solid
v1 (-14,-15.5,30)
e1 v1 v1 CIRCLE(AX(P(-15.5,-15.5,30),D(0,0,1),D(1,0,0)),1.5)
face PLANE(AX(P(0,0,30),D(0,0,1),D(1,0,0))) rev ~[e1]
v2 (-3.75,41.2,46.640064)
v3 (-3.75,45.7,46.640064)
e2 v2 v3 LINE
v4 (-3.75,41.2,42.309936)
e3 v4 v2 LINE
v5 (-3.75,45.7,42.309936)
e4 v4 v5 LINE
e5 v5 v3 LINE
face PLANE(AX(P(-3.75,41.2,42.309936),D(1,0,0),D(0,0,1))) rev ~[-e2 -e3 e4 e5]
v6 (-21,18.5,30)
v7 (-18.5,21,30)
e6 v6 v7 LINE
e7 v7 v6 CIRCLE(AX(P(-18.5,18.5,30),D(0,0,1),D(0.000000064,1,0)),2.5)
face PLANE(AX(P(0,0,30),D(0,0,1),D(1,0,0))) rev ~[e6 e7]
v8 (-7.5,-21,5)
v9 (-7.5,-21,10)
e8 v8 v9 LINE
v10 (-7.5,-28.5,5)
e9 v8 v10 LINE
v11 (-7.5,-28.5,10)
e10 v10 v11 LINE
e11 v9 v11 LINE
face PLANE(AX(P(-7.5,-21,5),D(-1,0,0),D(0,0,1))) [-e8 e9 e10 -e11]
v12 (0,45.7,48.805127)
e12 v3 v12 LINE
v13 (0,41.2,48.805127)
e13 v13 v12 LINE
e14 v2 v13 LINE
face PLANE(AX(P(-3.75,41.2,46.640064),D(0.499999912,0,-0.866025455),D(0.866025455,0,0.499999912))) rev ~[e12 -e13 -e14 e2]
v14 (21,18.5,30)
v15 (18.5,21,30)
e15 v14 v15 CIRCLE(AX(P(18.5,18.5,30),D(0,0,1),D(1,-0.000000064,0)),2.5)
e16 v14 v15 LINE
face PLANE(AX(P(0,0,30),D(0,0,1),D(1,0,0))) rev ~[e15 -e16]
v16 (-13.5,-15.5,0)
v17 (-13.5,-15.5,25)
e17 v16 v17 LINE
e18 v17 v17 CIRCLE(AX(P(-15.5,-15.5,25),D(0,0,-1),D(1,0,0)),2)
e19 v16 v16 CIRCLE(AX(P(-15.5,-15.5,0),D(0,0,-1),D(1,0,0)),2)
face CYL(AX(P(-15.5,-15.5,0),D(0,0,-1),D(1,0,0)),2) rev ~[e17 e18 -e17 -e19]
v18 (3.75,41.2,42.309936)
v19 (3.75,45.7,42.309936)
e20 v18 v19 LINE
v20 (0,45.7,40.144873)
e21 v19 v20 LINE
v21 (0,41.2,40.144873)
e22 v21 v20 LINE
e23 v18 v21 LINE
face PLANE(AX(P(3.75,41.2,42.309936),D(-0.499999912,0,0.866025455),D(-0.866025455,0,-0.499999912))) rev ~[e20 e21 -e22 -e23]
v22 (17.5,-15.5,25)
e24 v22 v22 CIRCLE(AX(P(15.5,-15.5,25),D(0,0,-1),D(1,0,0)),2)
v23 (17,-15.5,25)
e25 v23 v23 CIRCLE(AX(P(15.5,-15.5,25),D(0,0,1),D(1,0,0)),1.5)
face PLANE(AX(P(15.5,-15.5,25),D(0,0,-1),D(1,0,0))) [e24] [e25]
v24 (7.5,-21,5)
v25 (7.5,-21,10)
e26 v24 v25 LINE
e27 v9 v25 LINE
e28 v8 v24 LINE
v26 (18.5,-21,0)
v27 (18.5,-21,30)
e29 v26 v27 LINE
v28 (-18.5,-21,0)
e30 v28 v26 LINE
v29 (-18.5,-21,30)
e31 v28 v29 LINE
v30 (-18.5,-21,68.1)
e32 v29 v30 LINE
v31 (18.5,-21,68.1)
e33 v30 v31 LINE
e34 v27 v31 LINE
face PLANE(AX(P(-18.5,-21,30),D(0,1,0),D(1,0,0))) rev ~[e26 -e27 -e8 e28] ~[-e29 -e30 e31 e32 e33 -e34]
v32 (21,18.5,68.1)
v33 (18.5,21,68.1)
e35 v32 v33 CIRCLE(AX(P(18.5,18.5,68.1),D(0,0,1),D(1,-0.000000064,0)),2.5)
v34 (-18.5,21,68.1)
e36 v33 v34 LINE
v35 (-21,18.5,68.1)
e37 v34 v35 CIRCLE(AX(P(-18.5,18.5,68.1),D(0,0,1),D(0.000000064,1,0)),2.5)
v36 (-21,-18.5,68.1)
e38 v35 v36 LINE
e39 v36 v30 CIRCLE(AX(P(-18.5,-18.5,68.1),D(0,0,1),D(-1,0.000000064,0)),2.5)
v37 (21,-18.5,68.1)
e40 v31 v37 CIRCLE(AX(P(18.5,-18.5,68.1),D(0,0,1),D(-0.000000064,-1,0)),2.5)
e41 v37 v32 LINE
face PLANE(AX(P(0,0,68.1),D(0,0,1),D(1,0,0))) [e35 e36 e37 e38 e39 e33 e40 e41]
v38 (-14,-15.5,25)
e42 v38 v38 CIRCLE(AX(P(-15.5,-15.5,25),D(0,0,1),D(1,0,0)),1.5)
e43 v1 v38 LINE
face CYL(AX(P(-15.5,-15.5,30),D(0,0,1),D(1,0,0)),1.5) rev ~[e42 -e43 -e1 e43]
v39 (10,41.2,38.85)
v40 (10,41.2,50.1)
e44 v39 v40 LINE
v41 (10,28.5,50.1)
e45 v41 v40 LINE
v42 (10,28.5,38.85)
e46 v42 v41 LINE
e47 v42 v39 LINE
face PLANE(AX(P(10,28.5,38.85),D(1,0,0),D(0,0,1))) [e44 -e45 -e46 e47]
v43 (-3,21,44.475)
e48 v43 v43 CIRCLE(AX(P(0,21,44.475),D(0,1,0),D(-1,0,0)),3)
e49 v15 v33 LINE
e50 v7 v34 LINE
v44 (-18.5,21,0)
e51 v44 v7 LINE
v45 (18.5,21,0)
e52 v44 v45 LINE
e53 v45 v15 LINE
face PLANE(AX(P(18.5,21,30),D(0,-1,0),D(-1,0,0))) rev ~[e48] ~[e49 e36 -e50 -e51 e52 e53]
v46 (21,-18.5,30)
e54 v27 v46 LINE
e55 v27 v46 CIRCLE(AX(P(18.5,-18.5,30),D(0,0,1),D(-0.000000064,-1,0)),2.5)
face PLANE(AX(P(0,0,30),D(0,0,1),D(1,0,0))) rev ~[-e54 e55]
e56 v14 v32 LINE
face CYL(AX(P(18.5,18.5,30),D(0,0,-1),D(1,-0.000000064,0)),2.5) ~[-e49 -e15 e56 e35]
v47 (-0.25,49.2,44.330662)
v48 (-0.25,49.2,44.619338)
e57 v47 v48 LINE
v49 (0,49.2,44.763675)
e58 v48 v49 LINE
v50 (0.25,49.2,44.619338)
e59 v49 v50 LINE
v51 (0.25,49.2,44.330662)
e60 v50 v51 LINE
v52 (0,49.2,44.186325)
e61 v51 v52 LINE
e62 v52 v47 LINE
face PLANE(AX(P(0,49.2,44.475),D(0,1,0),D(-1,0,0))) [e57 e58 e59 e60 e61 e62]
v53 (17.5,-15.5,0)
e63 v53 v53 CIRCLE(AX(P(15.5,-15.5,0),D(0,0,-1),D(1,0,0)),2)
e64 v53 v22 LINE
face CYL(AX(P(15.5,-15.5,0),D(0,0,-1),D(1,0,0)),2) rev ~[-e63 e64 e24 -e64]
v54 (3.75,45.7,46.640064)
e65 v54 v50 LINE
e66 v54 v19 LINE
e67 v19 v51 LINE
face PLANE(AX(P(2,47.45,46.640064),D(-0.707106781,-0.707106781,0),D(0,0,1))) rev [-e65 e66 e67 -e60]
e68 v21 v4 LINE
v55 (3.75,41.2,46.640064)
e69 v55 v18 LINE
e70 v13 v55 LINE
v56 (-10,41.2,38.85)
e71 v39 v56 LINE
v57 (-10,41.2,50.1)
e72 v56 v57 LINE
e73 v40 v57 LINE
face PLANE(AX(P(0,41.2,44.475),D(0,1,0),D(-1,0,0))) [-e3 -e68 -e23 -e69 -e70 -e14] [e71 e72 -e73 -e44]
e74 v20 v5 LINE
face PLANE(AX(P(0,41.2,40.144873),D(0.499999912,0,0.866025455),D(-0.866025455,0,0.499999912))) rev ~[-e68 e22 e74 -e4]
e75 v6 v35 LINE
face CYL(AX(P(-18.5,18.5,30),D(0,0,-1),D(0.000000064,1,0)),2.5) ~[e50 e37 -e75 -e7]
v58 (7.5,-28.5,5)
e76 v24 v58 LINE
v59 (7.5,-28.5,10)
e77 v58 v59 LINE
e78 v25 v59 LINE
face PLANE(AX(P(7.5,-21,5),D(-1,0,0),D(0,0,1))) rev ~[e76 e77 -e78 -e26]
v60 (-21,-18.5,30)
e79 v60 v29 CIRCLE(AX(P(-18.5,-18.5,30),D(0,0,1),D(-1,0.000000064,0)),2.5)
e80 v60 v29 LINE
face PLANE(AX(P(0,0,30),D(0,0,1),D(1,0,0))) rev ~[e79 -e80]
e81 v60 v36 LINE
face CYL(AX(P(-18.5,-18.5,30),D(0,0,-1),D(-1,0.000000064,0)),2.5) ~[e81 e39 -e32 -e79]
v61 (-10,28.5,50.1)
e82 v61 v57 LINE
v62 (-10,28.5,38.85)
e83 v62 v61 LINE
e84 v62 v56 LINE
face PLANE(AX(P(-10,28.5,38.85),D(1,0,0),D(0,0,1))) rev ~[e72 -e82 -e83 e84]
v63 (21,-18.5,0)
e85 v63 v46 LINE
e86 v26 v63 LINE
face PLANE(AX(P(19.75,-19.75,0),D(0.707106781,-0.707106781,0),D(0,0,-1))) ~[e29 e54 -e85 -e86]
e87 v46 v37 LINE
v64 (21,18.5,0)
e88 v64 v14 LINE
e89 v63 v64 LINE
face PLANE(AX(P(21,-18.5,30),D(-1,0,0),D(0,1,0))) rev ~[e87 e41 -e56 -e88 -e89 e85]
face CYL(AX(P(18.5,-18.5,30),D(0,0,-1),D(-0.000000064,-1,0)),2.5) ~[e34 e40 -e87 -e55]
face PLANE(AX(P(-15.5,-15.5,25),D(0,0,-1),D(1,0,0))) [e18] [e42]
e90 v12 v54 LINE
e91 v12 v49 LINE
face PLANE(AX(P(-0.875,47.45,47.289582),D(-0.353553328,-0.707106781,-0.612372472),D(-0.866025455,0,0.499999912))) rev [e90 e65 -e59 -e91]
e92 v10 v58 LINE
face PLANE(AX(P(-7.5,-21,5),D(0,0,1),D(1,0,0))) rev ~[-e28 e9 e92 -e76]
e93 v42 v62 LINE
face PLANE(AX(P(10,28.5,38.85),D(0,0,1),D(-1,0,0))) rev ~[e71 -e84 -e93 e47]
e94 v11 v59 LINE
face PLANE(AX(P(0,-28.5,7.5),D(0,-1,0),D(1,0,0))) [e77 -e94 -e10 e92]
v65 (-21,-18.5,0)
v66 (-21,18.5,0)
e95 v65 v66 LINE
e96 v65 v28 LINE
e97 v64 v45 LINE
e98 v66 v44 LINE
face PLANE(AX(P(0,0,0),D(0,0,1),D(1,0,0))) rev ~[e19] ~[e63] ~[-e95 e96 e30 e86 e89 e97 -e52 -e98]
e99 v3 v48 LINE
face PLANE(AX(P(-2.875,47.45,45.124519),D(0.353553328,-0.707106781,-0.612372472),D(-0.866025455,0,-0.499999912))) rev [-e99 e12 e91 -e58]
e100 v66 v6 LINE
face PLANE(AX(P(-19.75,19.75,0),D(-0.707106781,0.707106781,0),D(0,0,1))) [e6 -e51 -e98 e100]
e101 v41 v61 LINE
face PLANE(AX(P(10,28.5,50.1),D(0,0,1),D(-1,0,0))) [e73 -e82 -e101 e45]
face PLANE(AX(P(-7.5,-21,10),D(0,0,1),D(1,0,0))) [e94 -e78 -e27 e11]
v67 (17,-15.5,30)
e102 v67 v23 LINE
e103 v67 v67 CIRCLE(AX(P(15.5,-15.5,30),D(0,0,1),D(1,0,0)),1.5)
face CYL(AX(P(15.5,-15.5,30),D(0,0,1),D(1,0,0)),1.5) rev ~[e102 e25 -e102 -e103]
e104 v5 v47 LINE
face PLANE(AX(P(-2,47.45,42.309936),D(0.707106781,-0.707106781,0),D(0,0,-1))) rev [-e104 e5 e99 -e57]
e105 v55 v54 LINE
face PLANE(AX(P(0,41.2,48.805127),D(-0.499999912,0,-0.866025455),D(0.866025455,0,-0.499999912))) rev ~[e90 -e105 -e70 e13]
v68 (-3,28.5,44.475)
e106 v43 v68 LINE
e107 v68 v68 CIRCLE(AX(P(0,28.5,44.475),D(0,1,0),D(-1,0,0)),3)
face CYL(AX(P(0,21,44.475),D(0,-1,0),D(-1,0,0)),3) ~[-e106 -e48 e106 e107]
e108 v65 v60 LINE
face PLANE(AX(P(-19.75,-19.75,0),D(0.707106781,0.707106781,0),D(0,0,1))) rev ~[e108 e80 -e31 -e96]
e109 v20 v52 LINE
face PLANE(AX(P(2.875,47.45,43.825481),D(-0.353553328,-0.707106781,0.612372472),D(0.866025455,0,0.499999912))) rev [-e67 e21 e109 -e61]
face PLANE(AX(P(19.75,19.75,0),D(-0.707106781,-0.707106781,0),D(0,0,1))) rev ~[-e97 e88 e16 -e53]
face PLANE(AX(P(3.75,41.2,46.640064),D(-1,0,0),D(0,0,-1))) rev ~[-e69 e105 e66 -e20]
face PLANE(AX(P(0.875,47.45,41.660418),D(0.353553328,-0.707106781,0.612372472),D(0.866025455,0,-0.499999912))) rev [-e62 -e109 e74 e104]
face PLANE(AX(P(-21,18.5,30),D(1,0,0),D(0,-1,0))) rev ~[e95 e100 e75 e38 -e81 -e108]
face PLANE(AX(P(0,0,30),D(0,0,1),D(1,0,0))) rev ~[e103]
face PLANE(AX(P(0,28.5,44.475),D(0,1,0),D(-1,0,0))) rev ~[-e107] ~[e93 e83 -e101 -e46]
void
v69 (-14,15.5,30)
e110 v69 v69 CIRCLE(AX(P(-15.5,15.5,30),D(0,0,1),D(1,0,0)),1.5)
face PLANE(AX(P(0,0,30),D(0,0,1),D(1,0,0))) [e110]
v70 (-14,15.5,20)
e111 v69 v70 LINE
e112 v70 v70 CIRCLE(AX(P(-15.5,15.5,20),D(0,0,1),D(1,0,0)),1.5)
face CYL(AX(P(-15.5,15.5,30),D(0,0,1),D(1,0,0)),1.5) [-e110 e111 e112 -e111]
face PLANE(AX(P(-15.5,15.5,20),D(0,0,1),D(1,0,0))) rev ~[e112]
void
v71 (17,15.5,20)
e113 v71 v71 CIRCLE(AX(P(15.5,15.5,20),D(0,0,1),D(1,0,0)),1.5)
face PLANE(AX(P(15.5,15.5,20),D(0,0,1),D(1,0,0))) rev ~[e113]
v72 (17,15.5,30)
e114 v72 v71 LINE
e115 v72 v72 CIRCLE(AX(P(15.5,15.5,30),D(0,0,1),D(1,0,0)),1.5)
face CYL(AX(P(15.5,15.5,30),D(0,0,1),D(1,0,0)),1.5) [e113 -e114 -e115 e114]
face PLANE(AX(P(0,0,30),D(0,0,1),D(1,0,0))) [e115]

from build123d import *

# Parameters (mm, degrees)
F0_W      = 42
F0_H      = 42
F1_DEPTH  = 30
F2_SIZE   = 2.5
F3_R      = 1.5
F4_DEPTH  = 10
F5_R      = 11
F6_DEPTH  = 2
F8_DEPTH  = 24
F9_W      = 15
F9_H      = 5
F10_DEPTH = 7.5
F12_DEPTH = 38.1
F13_R     = 3
F14_DEPTH = 7.5
F15_W     = 20
F15_H     = 11.25
F16_DEPTH = 12.7
F18_DEPTH = 8
F19_SIZE  = 3.5
F20_R     = 2
F21_DEPTH = 25


with BuildPart() as f1:
    # F0 (on Top) → F1 (new body)
    with BuildSketch(Plane.XY):
        Rectangle(F0_W, F0_H)
    extrude(amount=F1_DEPTH)

    # F2
    f2_edges = [f1.edges().sort_by_distance(p)[0] for p in [
        (-21, -21, 15),
        (21, -21, 15),
        (21, 21, 15),
        (-21, 21, 15),
    ]]
    chamfer(f2_edges, length=F2_SIZE)

    # F3 (on face) → F4 (cut)
    with BuildSketch(Plane.XY.offset(30)):
        with Locations((-15.5, 15.5)):
            Circle(F3_R)
        with Locations((15.5, 15.5)):
            Circle(F3_R)
        with Locations((15.5, -15.5)):
            Circle(F3_R)
        with Locations((-15.5, -15.5)):
            Circle(F3_R)
    extrude(amount=-F4_DEPTH, mode=Mode.SUBTRACT)

    # F5 (on face) → F6 (join)
    with BuildSketch(Plane.XY.offset(30)):
        Circle(F5_R)
    extrude(amount=F6_DEPTH)

    # F7 (on face) → F8 (join)
    with BuildSketch(Plane.XY.offset(32)):
        with BuildLine():
            Line((2.193171, 1.2), (-2.193171, 1.2))
            ThreePointArc((-2.193171, 1.2), (0, -2.5), (2.193171, 1.2))
        make_face()
    extrude(amount=F8_DEPTH)

    # F9 (on face) → F10 (join)
    with BuildSketch(Plane.XZ.offset(21)):
        with Locations((0, 7.5)):
            Rectangle(F9_W, F9_H)
    extrude(amount=F10_DEPTH)

    # F11 (on face) → F12 (join)
    with BuildSketch(Plane.XY.offset(30)):
        with BuildLine():
            Line((-18.5, -21), (18.5, -21))
            ThreePointArc((18.5, -21), (20.267767, -20.267767), (21, -18.5))
            Line((21, -18.5), (21, 18.5))
            ThreePointArc((21, 18.5), (20.267767, 20.267767), (18.5, 21))
            Line((18.5, 21), (-18.5, 21))
            ThreePointArc((-18.5, 21), (-20.267767, 20.267767), (-21, 18.5))
            Line((-21, 18.5), (-21, -18.5))
            ThreePointArc((-21, -18.5), (-20.267767, -20.267767), (-18.5, -21))
        make_face()
    extrude(amount=F12_DEPTH)

    # F13 (on face) → F14 (join)
    with BuildSketch(Plane(origin=(0, 21, 0), x_dir=(-1, 0, 0), z_dir=(0, 1, 0))):
        with Locations((0, 44.475)):
            Circle(F13_R)
    extrude(amount=F14_DEPTH)

    # F15 (on face) → F16 (join)
    with BuildSketch(Plane(origin=(0, 28.5, 0), x_dir=(-1, 0, 0), z_dir=(0, 1, 0))):
        with Locations((0, 44.475)):
            Rectangle(F15_W, F15_H)
    extrude(amount=F16_DEPTH)

    # F17 (on face) → F18 (join)
    with BuildSketch(Plane(origin=(0, 41.2, 0), x_dir=(-1, 0, 0), z_dir=(0, 1, 0))):
        Polygon((3.75, 42.309936), (3.75, 46.640064), (0, 48.805127), (-3.75, 46.640064), (-3.75, 42.309936), (0, 40.144873), align=None)
    extrude(amount=F18_DEPTH)

    # F19
    f19_edges = [f1.edges().sort_by_distance(p)[0] for p in [
        (-1.875, 49.2, 41.227405),
        (1.875, 49.2, 47.722595),
        (-3.75, 49.2, 44.475),
        (1.875, 49.2, 41.227405),
        (3.75, 49.2, 44.475),
        (-1.875, 49.2, 47.722595),
    ]]
    chamfer(f19_edges, length=F19_SIZE)

    # F20 (on face) → F21 (cut)
    with BuildSketch(Plane(origin=(0, 0, 0), x_dir=(1, 0, 0), z_dir=(0, 0, -1))):
        with Locations((-15.5, 15.5)):
            Circle(F20_R)
        with Locations((15.5, 15.5)):
            Circle(F20_R)
    extrude(amount=-F21_DEPTH, mode=Mode.SUBTRACT)


solid = f1.part
